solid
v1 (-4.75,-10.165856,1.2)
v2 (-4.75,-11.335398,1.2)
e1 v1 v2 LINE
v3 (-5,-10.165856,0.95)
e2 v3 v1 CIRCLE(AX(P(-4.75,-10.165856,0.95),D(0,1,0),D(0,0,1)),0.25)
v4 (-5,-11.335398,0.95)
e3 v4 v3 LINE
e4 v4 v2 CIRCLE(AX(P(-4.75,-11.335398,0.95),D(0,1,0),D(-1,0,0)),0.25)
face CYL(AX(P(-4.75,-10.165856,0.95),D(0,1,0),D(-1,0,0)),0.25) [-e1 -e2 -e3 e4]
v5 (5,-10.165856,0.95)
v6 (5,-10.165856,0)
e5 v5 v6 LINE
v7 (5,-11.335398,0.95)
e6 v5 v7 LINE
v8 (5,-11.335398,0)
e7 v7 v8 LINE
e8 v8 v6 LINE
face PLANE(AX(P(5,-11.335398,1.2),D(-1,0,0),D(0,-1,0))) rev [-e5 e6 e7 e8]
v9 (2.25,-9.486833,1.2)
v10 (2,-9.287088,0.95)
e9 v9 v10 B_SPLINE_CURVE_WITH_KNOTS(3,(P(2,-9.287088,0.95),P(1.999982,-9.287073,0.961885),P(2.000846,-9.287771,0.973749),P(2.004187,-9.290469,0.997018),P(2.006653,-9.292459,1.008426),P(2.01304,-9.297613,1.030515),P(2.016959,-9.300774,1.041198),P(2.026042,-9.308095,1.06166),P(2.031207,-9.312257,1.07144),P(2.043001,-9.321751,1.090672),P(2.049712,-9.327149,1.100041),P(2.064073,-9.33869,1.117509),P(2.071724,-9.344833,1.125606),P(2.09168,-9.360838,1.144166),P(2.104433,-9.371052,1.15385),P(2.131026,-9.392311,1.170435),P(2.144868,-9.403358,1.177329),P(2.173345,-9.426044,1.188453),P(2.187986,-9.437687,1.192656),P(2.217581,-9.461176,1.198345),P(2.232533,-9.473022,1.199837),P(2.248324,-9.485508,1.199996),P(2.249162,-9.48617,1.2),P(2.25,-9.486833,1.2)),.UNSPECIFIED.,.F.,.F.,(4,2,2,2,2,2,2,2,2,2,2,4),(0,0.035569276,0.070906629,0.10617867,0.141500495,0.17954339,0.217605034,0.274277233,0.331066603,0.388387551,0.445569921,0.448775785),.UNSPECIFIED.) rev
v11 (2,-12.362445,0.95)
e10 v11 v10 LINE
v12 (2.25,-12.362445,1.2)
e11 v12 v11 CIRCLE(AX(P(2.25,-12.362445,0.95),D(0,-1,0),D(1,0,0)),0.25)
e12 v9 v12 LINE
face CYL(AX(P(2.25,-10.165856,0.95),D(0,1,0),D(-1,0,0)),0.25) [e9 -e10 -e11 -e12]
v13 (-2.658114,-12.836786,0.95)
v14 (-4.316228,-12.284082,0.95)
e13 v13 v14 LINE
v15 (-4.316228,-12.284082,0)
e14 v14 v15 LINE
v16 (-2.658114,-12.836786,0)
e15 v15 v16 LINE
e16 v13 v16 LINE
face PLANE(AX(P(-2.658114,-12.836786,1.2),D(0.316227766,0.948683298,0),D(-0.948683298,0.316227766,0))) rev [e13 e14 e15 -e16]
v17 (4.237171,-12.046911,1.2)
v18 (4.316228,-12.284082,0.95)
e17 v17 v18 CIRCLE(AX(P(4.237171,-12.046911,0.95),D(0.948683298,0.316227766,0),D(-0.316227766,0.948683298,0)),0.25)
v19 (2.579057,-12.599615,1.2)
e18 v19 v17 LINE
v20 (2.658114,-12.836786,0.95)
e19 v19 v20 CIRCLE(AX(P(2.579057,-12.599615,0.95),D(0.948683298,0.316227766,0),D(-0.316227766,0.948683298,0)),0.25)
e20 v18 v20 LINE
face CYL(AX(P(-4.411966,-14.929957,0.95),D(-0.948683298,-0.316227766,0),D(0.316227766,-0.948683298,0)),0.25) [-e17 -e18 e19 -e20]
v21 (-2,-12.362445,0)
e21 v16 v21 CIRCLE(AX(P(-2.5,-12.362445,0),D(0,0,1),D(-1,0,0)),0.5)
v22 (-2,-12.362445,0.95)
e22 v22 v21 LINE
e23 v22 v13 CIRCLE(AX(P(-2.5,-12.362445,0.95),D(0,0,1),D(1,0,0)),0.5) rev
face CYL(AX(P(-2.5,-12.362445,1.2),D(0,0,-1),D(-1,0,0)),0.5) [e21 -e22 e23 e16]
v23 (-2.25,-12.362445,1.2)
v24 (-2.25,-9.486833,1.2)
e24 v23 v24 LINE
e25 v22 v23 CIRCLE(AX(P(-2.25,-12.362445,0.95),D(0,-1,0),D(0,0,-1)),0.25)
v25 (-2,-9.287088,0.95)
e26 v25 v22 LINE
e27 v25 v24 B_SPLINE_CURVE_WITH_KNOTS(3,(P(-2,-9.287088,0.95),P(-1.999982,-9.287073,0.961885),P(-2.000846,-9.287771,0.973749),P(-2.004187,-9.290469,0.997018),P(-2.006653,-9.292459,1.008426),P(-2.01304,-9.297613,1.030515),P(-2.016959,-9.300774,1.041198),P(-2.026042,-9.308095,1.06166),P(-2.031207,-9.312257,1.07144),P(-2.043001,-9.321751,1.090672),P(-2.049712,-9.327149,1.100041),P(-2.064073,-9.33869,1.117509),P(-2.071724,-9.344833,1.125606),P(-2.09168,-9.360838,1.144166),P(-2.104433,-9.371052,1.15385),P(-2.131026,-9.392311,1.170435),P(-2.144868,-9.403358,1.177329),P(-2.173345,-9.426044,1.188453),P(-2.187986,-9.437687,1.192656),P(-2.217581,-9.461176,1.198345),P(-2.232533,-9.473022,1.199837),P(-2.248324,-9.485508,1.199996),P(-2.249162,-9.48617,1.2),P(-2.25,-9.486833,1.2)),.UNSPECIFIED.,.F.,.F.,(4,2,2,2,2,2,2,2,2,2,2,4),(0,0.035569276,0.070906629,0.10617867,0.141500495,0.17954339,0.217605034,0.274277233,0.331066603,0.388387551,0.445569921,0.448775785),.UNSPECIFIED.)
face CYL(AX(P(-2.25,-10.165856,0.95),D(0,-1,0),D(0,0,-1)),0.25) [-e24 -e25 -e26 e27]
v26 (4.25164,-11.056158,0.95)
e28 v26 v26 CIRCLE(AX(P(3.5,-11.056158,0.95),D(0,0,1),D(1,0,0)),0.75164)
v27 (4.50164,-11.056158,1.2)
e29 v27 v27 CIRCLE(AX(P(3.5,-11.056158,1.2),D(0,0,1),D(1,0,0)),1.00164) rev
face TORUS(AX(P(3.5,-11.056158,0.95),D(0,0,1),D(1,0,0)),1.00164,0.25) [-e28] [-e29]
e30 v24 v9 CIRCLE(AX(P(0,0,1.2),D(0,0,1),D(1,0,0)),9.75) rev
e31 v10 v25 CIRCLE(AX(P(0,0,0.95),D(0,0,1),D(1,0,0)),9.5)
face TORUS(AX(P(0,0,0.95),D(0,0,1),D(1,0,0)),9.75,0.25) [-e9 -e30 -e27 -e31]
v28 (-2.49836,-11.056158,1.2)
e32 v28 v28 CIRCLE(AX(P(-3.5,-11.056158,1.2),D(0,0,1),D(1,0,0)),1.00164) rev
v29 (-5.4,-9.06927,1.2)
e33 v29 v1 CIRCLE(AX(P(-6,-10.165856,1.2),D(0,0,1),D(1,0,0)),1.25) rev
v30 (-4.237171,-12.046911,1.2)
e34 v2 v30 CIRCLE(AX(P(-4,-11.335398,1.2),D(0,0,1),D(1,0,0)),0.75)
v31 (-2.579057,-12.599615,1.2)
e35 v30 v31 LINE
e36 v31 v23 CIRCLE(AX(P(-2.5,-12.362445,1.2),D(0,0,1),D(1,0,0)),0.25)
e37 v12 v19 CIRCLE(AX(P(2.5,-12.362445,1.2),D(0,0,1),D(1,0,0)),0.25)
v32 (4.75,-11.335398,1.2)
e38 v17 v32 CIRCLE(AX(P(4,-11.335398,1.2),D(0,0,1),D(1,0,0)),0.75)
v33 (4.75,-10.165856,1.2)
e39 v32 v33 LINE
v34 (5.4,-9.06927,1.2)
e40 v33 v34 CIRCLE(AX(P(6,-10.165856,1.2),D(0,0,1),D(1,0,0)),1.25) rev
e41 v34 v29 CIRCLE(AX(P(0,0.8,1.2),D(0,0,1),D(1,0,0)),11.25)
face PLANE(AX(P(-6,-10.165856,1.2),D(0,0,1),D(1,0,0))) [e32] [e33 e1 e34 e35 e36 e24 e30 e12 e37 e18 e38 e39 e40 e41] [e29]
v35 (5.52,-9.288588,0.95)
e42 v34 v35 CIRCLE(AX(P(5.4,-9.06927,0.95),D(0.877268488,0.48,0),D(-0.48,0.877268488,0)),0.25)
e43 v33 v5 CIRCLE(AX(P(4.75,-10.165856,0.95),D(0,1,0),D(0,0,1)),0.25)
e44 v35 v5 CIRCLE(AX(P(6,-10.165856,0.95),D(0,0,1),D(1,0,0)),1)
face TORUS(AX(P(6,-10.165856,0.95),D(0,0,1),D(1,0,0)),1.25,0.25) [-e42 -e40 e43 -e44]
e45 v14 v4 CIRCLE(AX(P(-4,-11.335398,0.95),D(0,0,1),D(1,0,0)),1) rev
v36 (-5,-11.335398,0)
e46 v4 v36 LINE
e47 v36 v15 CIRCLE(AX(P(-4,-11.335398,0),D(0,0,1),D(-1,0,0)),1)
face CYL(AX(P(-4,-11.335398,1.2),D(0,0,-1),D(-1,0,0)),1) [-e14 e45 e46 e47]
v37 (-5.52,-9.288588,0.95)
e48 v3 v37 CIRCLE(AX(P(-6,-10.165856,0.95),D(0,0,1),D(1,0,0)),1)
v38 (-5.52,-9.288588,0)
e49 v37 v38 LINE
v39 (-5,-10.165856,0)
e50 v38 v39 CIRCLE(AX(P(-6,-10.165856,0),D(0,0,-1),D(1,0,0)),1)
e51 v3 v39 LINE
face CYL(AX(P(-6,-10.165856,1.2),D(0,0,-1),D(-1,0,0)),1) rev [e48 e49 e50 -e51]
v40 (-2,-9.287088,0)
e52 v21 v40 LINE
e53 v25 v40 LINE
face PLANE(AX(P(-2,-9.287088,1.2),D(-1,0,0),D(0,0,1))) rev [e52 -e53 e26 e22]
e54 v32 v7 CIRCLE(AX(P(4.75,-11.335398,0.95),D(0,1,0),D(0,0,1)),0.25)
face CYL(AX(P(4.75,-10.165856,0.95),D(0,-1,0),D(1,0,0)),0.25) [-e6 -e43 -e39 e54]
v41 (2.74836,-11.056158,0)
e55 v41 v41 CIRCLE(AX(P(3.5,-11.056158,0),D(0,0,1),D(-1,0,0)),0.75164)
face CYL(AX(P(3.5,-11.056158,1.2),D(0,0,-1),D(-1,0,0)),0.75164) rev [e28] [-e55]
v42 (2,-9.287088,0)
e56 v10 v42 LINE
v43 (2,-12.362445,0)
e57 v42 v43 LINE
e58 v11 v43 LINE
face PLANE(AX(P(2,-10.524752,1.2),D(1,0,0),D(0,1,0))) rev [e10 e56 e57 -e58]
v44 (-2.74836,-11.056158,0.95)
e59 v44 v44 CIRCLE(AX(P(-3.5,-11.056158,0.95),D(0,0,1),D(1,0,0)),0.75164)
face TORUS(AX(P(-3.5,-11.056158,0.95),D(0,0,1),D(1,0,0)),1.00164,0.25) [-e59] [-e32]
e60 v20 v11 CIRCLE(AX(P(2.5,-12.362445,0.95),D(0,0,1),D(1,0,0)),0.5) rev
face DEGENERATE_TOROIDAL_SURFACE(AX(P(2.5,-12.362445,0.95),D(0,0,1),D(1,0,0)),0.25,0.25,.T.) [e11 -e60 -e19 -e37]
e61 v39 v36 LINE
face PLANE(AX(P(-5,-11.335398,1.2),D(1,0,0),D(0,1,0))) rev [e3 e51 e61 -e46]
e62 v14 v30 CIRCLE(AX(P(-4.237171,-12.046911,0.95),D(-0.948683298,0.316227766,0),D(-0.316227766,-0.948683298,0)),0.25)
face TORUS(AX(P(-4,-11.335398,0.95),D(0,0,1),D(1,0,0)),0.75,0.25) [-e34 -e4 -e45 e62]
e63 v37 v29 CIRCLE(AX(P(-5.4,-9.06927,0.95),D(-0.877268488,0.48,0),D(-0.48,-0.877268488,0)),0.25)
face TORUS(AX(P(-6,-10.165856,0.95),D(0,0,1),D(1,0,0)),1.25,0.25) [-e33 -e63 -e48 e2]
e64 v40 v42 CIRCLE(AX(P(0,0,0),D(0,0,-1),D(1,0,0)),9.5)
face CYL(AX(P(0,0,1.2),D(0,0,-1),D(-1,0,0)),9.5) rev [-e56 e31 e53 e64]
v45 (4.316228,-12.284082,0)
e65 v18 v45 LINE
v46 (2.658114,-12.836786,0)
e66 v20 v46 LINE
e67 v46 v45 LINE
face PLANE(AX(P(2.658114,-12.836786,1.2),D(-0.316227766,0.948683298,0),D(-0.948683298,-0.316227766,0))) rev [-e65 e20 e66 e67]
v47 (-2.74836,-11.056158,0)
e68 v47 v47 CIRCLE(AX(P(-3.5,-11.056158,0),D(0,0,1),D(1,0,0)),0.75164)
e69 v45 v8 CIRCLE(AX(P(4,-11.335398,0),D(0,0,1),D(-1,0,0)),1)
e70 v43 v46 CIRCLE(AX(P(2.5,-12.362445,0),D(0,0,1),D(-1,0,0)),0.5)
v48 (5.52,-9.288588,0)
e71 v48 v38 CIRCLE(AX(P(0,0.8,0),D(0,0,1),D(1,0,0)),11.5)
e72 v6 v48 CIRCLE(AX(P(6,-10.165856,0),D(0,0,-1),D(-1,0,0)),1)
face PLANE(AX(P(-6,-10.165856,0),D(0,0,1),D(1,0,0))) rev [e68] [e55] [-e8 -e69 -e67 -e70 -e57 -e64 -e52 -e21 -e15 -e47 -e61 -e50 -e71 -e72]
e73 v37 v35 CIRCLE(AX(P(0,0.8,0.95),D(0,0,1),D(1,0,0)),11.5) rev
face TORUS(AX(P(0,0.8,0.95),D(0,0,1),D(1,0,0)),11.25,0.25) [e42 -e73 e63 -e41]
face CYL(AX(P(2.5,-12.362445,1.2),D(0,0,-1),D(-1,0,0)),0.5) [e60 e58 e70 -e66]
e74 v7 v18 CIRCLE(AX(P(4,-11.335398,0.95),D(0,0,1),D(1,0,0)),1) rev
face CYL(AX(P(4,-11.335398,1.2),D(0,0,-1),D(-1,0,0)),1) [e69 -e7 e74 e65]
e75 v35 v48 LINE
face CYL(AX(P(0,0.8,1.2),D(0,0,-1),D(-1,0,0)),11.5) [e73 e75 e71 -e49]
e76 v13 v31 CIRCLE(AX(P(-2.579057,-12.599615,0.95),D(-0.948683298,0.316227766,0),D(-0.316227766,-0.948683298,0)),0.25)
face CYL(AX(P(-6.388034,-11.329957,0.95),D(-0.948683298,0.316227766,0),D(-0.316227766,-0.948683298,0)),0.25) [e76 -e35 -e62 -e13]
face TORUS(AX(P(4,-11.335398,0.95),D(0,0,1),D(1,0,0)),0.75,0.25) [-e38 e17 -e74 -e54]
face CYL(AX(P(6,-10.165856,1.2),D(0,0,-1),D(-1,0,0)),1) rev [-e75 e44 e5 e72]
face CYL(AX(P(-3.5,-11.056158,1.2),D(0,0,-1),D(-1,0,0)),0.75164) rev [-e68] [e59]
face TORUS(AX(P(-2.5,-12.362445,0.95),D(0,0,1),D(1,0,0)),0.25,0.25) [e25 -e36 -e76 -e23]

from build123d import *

# Parameters (mm, degrees)
SKETCH1_R           = 0.751639909
BOSS_EXTRUDE1_DEPTH = 1.2
FILLET1_R           = 0.25


with BuildPart() as part:
    # Sketch1 → Boss-Extrude1 (new body)
    with BuildSketch(Plane.XY):
        with BuildLine():
            Line((-2, -9.287087811), (-2, -10.524751653))
            Line((-2, -10.524751653), (-2, -12.362444645))
            ThreePointArc((-2, -12.362444645), (-2.207644858, -12.768065738), (-2.658113883, -12.836786294))
            Line((-2.658113883, -12.836786294), (-4.316227766, -12.284081667))
            ThreePointArc((-4.316227766, -12.284081667), (-4.811242185, -11.920108653), (-5, -11.335398369))
            Line((-5, -11.335398369), (-5, -10.1658561))
            ThreePointArc((-5, -10.1658561), (-5.139767473, -9.655954148), (-5.52, -9.288587612))
            ThreePointArc((-5.52, -9.288587612), (0, 12.3), (5.52, -9.288587612))
            ThreePointArc((5.52, -9.288587612), (5.139767473, -9.655954148), (5, -10.1658561))
            Line((5, -10.1658561), (5, -11.335398369))
            ThreePointArc((5, -11.335398369), (4.811242185, -11.920108653), (4.316227766, -12.284081667))
            Line((4.316227766, -12.284081667), (2.658113883, -12.836786294))
            ThreePointArc((2.658113883, -12.836786294), (2.207644858, -12.768065738), (2, -12.362444645))
            Line((2, -12.362444645), (2, -10.524751653))
            Line((2, -10.524751653), (2, -9.287087811))
            ThreePointArc((2, -9.287087811), (0, 9.5), (-2, -9.287087811))
        make_face()
        with Locations((-3.5, -11.056157589)):
            Circle(SKETCH1_R, mode=Mode.SUBTRACT)
        with Locations(Location((3.5, -11.056157589, 0), (0, 0, 180))):
            Circle(SKETCH1_R, mode=Mode.SUBTRACT)
    extrude(amount=BOSS_EXTRUDE1_DEPTH)

    # Fillet1
    fillet1_edges = [part.edges().sort_by_distance(p)[0] for p in [
        (-4.811242185, -11.920108653, 1.2),
        (-3.487170825, -12.56043398, 1.2),
        (-2.207644858, -12.768065738, 1.2),
        (-2, -10.824766228, 1.2),
        (0, 9.5, 1.2),
        (2, -10.824766228, 1.2),
        (2.207644858, -12.768065738, 1.2),
        (3.487170825, -12.56043398, 1.2),
        (-4.251639909, -11.056157589, 1.2),
        (-5.139767473, -9.655954148, 1.2),
        (4.811242185, -11.920108653, 1.2),
        (5, -10.750627234, 1.2),
        (4.251639909, -11.056157589, 1.2),
        (5.139767473, -9.655954148, 1.2),
        (0, 12.3, 1.2),
        (-5, -10.750627234, 1.2),
    ]]
    fillet(fillet1_edges, radius=FILLET1_R)


solid = part.part
